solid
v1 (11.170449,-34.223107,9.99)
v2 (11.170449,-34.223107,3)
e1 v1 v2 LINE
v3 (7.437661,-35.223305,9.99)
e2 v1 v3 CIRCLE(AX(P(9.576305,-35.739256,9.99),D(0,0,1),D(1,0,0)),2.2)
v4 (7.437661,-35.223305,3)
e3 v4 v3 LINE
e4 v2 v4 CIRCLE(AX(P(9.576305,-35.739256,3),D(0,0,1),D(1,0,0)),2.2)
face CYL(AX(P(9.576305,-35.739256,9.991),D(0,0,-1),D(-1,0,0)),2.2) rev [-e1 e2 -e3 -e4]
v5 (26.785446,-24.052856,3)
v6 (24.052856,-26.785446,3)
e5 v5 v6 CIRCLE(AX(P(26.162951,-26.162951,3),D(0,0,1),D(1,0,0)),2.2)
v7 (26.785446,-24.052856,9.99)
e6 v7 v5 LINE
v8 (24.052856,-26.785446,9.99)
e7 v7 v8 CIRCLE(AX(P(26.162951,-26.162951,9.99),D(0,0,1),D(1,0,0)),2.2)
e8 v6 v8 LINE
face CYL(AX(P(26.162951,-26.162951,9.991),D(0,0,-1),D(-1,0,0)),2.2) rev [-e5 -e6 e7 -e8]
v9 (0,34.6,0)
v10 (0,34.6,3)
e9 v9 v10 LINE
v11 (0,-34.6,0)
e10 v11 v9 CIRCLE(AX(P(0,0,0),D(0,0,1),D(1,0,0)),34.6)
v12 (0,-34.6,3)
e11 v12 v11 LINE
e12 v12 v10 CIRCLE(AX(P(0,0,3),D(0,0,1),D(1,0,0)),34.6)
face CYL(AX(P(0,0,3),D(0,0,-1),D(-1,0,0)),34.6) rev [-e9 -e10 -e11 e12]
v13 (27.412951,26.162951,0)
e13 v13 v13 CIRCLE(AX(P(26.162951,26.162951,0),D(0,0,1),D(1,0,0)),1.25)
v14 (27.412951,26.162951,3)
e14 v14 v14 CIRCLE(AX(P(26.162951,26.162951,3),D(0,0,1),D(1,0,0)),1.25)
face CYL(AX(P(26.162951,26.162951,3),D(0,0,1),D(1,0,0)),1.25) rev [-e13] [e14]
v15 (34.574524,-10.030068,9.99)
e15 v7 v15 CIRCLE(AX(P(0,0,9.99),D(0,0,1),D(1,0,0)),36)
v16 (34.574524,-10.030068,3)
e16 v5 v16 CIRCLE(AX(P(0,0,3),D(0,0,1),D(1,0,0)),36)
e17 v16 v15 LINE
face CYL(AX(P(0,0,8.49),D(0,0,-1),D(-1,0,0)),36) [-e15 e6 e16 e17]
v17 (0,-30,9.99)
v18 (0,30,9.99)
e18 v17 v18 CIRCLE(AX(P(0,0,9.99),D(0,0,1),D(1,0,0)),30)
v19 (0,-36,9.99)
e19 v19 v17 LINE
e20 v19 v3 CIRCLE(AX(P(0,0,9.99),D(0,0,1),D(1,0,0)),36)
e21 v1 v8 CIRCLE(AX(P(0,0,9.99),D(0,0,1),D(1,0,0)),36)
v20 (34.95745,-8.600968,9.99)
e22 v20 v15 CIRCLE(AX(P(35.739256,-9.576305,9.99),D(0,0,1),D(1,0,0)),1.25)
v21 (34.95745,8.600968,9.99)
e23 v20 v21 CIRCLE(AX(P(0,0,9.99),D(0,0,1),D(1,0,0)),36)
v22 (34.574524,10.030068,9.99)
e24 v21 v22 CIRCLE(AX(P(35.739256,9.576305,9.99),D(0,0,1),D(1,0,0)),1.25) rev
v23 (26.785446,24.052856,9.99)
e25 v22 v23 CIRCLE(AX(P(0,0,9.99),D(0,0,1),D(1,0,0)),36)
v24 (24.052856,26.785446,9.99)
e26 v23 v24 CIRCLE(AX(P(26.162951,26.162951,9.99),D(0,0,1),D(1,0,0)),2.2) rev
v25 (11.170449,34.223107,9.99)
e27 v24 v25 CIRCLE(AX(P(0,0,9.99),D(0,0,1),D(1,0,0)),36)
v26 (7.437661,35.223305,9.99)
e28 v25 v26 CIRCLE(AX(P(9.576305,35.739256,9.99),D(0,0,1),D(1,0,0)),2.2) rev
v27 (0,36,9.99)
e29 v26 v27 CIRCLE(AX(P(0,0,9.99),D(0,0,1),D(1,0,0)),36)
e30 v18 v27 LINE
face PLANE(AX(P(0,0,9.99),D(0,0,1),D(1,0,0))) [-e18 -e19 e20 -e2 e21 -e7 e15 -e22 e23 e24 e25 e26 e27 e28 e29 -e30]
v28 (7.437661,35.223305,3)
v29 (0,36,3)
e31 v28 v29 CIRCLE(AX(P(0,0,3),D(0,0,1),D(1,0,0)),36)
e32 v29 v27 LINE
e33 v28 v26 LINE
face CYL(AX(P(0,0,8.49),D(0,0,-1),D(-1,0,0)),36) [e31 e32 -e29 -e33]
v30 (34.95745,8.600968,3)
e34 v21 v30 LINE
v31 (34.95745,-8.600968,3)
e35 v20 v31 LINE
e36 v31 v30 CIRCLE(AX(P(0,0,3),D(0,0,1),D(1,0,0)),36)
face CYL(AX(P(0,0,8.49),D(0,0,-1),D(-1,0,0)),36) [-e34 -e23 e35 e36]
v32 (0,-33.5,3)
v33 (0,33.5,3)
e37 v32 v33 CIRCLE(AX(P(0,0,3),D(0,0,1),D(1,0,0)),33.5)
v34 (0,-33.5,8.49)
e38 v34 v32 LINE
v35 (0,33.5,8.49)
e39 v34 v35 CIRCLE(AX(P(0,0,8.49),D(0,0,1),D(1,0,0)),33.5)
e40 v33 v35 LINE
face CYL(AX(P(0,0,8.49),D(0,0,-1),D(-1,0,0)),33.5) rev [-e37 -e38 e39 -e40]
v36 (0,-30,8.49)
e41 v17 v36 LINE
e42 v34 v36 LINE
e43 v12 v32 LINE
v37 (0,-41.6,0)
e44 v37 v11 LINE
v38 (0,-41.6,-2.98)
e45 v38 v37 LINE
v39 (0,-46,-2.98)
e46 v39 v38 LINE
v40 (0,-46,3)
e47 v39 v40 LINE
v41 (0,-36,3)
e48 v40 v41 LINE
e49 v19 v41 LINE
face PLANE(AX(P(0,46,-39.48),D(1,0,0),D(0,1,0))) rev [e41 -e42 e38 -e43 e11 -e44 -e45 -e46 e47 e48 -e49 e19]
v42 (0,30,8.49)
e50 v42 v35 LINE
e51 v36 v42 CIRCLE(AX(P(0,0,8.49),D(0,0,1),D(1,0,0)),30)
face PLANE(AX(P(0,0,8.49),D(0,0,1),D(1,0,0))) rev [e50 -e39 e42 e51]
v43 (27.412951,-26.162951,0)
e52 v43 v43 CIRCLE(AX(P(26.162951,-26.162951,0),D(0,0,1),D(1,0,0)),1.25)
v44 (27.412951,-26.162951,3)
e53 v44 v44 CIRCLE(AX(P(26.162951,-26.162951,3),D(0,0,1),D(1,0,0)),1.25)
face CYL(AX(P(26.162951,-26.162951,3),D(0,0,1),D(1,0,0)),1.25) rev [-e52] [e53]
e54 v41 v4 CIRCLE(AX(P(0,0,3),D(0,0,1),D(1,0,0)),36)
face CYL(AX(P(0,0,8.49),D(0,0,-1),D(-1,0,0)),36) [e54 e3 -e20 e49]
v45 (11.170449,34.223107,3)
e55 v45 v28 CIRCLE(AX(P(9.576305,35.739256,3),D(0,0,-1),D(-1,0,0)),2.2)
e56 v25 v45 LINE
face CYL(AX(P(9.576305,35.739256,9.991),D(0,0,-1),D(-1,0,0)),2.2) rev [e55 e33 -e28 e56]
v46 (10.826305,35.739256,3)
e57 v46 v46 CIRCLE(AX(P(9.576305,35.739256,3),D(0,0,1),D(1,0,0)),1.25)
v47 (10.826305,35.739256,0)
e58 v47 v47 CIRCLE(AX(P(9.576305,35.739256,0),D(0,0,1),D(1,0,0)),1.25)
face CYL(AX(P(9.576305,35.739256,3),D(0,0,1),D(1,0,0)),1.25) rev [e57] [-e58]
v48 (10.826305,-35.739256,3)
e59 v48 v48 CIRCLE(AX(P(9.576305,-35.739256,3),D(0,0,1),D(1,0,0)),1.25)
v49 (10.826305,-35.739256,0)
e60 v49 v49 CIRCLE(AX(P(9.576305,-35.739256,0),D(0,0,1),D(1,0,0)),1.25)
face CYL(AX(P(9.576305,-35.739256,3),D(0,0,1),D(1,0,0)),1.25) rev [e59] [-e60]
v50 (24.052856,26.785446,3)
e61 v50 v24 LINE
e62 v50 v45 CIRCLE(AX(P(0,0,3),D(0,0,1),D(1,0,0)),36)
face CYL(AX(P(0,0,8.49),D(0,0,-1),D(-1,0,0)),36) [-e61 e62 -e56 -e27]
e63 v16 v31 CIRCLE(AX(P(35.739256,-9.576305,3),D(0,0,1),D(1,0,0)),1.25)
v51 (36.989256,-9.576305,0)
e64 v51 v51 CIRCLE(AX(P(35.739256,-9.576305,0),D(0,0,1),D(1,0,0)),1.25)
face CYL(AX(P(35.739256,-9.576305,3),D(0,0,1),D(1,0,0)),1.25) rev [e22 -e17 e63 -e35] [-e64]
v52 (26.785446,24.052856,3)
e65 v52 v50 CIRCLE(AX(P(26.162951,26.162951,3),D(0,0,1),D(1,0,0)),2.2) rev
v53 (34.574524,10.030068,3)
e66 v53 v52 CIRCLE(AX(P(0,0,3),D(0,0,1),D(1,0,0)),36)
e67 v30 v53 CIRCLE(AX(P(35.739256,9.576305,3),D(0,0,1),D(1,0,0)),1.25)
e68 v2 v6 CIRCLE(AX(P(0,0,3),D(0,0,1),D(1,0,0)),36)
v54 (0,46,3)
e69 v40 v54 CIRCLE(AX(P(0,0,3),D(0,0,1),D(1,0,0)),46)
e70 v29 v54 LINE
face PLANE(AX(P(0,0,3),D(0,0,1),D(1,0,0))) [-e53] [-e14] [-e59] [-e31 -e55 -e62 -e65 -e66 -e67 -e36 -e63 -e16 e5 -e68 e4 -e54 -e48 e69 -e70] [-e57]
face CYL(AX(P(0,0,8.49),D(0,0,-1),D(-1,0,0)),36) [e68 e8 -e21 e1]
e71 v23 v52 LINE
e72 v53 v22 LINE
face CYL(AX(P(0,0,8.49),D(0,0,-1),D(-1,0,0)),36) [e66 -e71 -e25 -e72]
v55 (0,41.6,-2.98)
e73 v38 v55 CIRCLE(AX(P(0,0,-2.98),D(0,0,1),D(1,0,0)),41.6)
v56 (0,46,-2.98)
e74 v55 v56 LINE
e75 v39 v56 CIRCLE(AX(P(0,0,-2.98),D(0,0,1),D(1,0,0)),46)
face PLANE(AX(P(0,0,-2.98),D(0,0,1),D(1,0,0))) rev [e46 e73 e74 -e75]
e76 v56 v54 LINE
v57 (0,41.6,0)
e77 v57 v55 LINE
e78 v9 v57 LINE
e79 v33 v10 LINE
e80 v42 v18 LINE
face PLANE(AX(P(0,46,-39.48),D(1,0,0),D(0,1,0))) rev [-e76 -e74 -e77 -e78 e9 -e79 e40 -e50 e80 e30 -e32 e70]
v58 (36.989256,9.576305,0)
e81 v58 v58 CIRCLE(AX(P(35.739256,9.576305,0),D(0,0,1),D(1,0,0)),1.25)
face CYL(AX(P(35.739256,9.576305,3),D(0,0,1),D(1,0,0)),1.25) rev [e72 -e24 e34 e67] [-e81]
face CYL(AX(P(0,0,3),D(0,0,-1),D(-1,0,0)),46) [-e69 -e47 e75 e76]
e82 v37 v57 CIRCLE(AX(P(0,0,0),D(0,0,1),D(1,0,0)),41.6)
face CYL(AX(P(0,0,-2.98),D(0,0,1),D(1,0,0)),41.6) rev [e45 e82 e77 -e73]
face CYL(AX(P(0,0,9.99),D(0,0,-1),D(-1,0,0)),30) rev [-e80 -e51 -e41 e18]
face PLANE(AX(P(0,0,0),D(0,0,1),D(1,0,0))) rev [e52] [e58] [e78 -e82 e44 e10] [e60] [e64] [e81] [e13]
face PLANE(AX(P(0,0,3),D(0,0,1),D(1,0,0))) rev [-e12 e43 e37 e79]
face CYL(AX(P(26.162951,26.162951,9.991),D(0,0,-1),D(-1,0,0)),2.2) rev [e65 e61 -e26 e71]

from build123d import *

# Parameters (mm, degrees)
SKETCH_3_R                   = 46
SKETCH_3_R_2                 = 34.6
EXTRUDE_2_DEPTH              = 3
SKETCH_5_R                   = 36
SKETCH_5_R_2                 = 33.5
EXTRUDE_3_DEPTH              = 5.49
SKETCH_2_R                   = 46
SKETCH_2_R_2                 = 41.6
EXTRUDE_1_DEPTH              = 2.98
SKETCH_6_R                   = 36
SKETCH_6_R_2                 = 30
EXTRUDE_4_DEPTH              = 1.5
EXTRUDE_5_DEPTH              = 3
EXTRUDE_5_DEPTH_BACK         = 2.98
SKETCH_12_W                  = 1.25
SKETCH_12_H                  = 5.98
HOLE_WIZARD_M3_1_AT_2_COUNT  = 2
HOLE_WIZARD_M3_1_AT_2_PITCH  = 64.085879878
HOLE_WIZARD_M3_1_AT_3_COUNT  = 2
HOLE_WIZARD_M3_1_AT_3_PITCH  = 71.478511138
HOLE_WIZARD_M3_1_AT_4_COUNT  = 2
HOLE_WIZARD_M3_1_AT_4_PITCH  = 73.999999995
HOLE_WIZARD_M3_1_AT_5_COUNT  = 2
HOLE_WIZARD_M3_1_AT_5_PITCH  = 19.15260934
HOLE_WIZARD_M3_1_AT_6_COUNT  = 2
HOLE_WIZARD_M3_1_AT_6_PITCH  = 36.999999998
HOLE_WIZARD_M3_1_AT_7_COUNT  = 2
HOLE_WIZARD_M3_1_AT_7_PITCH  = 52.325901805
HOLE_WIZARD_M3_1_AT_8_COUNT  = 2
HOLE_WIZARD_M3_1_AT_8_PITCH  = 71.47851114
HOLE_WIZARD_M3_1_AT_9_COUNT  = 2
HOLE_WIZARD_M3_1_AT_9_PITCH  = 64.085879872
HOLE_WIZARD_M3_1_AT_10_COUNT = 2
HOLE_WIZARD_M3_1_AT_10_PITCH = 52.325901805
HOLE_WIZARD_M3_1_AT_11_COUNT = 2
HOLE_WIZARD_M3_1_AT_11_PITCH = 36.999999994
HOLE_WIZARD_M3_1_AT_12_COUNT = 2
HOLE_WIZARD_M3_1_AT_12_PITCH = 19.152609334
CUT_EXTRUDE_1_REACH          = 8.99
SKETCH_13_R                  = 1.25
SKETCH_13_R_2                = 2.2
SKETCH_25_R                  = 3.25
CUT_EXTRUDE_9_DEPTH          = 10
EXTRUDE_7_DEPTH              = 4
EXTRUDE_7_DEPTH_BACK         = 2
FILLET_1_R                   = 5
SKETCH_27_W                  = 100
SKETCH_27_H                  = 92
CUT_EXTRUDE_10_DEPTH         = 10.99
CUT_EXTRUDE_10_DEPTH_BACK    = 40.48


with BuildPart() as part:
    # 草图3 → 凸台-拉伸2 (new body)
    with BuildSketch(Plane.XY):
        Circle(SKETCH_3_R)
        Circle(SKETCH_3_R_2, mode=Mode.SUBTRACT)
    extrude(amount=EXTRUDE_2_DEPTH)

    # 草图5 → 凸台-拉伸3 (add)
    with BuildSketch(Plane.XY.offset(3)):
        Circle(SKETCH_5_R)
        Circle(SKETCH_5_R_2, mode=Mode.SUBTRACT)
    extrude(amount=EXTRUDE_3_DEPTH)

    # 草图2 → 凸台-拉伸1 (add)
    with BuildSketch(Plane.XY):
        Circle(SKETCH_2_R)
        Circle(SKETCH_2_R_2, mode=Mode.SUBTRACT)
    extrude(amount=-EXTRUDE_1_DEPTH)

    # 草图6 → 凸台-拉伸4 (add)
    with BuildSketch(Plane.XY.offset(8.49)):
        Circle(SKETCH_6_R)
        Circle(SKETCH_6_R_2, mode=Mode.SUBTRACT)
    extrude(amount=EXTRUDE_4_DEPTH)

    # 草图8 → 凸台-拉伸5 (add, two sides)
    with BuildSketch(Plane.XY) as extrude_5_sk:
        with BuildLine():
            Line((-50, 20.008021569), (-45.01389718, 20.008021569))
            ThreePointArc((-45.01389718, 20.008021569), (-42.026432396, 20.80859551), (-39.839615313, 22.995761603))
            ThreePointArc((-39.839615313, 22.995761603), (-46, 0), (-39.839615313, -22.995761603))
            ThreePointArc((-39.839615313, -22.995761603), (-42.026432396, -20.80859551), (-45.01389718, -20.008021569))
            Line((-45.01389718, -20.008021569), (-50, -20.008021569))
            Line((-50, -20.008021569), (-50, 20.008021569))
        make_face()
    extrude(amount=EXTRUDE_5_DEPTH)
    extrude(extrude_5_sk.sketch, amount=-EXTRUDE_5_DEPTH_BACK)

    # 草图12 → M3 螺纹孔的螺纹孔钻头1 (revolve, cut)
    with BuildSketch(Plane(origin=(-35.73925557, -9.57630467, 3), x_dir=(0, -1, 0), z_dir=(1, 0, 0))):
        with Locations((0.625, 2.99)):
            Rectangle(SKETCH_12_W, SKETCH_12_H)
    hole_wizard_m3_1 = revolve(axis=Axis((-35.73925557, -9.57630467, 9.35), (0, 0, -1)), mode=Mode.SUBTRACT)

    # M3 螺纹孔的螺纹孔钻头1 at 2: M3 螺纹孔的螺纹孔钻头1 ×2
    with Locations(*[Vector(0.707106781, 0.707106781, 0) * (i * HOLE_WIZARD_M3_1_AT_2_PITCH) for i in range(1, HOLE_WIZARD_M3_1_AT_2_COUNT)]):
        add(hole_wizard_m3_1, mode=Mode.SUBTRACT)

    # M3 螺纹孔的螺纹孔钻头1 at 3: M3 螺纹孔的螺纹孔钻头1 ×2
    with Locations(*[Vector(0.866025404, 0.5, 0) * (i * HOLE_WIZARD_M3_1_AT_3_PITCH) for i in range(1, HOLE_WIZARD_M3_1_AT_3_COUNT)]):
        add(hole_wizard_m3_1, mode=Mode.SUBTRACT)

    # M3 螺纹孔的螺纹孔钻头1 at 4: M3 螺纹孔的螺纹孔钻头1 ×2
    with Locations(*[Vector(0.965925826, 0.258819045, 0) * (i * HOLE_WIZARD_M3_1_AT_4_PITCH) for i in range(1, HOLE_WIZARD_M3_1_AT_4_COUNT)]):
        add(hole_wizard_m3_1, mode=Mode.SUBTRACT)

    # M3 螺纹孔的螺纹孔钻头1 at 5: M3 螺纹孔的螺纹孔钻头1 ×2
    with Locations(*[(0, i * HOLE_WIZARD_M3_1_AT_5_PITCH, 0) for i in range(1, HOLE_WIZARD_M3_1_AT_5_COUNT)]):
        add(hole_wizard_m3_1, mode=Mode.SUBTRACT)

    # M3 螺纹孔的螺纹孔钻头1 at 6: M3 螺纹孔的螺纹孔钻头1 ×2
    with Locations(*[Vector(0.258819045, 0.965925826, 0) * (i * HOLE_WIZARD_M3_1_AT_6_PITCH) for i in range(1, HOLE_WIZARD_M3_1_AT_6_COUNT)]):
        add(hole_wizard_m3_1, mode=Mode.SUBTRACT)

    # M3 螺纹孔的螺纹孔钻头1 at 7: M3 螺纹孔的螺纹孔钻头1 ×2
    with Locations(*[Vector(0.5, 0.866025404, 0) * (i * HOLE_WIZARD_M3_1_AT_7_PITCH) for i in range(1, HOLE_WIZARD_M3_1_AT_7_COUNT)]):
        add(hole_wizard_m3_1, mode=Mode.SUBTRACT)

    # M3 螺纹孔的螺纹孔钻头1 at 8: M3 螺纹孔的螺纹孔钻头1 ×2
    with Locations(*[(i * HOLE_WIZARD_M3_1_AT_8_PITCH, 0, 0) for i in range(1, HOLE_WIZARD_M3_1_AT_8_COUNT)]):
        add(hole_wizard_m3_1, mode=Mode.SUBTRACT)

    # M3 螺纹孔的螺纹孔钻头1 at 9: M3 螺纹孔的螺纹孔钻头1 ×2
    with Locations(*[Vector(0.965925826, -0.258819045, 0) * (i * HOLE_WIZARD_M3_1_AT_9_PITCH) for i in range(1, HOLE_WIZARD_M3_1_AT_9_COUNT)]):
        add(hole_wizard_m3_1, mode=Mode.SUBTRACT)

    # M3 螺纹孔的螺纹孔钻头1 at 10: M3 螺纹孔的螺纹孔钻头1 ×2
    with Locations(*[Vector(0.866025404, -0.5, 0) * (i * HOLE_WIZARD_M3_1_AT_10_PITCH) for i in range(1, HOLE_WIZARD_M3_1_AT_10_COUNT)]):
        add(hole_wizard_m3_1, mode=Mode.SUBTRACT)

    # M3 螺纹孔的螺纹孔钻头1 at 11: M3 螺纹孔的螺纹孔钻头1 ×2
    with Locations(*[Vector(0.707106781, -0.707106781, 0) * (i * HOLE_WIZARD_M3_1_AT_11_PITCH) for i in range(1, HOLE_WIZARD_M3_1_AT_11_COUNT)]):
        add(hole_wizard_m3_1, mode=Mode.SUBTRACT)

    # M3 螺纹孔的螺纹孔钻头1 at 12: M3 螺纹孔的螺纹孔钻头1 ×2
    with Locations(*[Vector(0.5, -0.866025404, 0) * (i * HOLE_WIZARD_M3_1_AT_12_PITCH) for i in range(1, HOLE_WIZARD_M3_1_AT_12_COUNT)]):
        add(hole_wizard_m3_1, mode=Mode.SUBTRACT)

    # 草图13 → 切除-拉伸1 (cut, up to next)
    with BuildSketch(Plane.XY.offset(3), mode=Mode.PRIVATE) as cut_extrude_1_sk1:
        with Locations((-35.73925557, -9.57630467)):
            Circle(SKETCH_13_R)
    cut_extrude_1_tool1 = extrude(cut_extrude_1_sk1.sketch, amount=CUT_EXTRUDE_1_REACH, mode=Mode.PRIVATE) & part.part
    add(cut_extrude_1_tool1.solids().sort_by_distance((-35.739256, -9.576305, 3))[0], mode=Mode.SUBTRACT)
    # 草图13 → 切除-拉伸1 (cut, up to next)
    with BuildSketch(Plane.XY.offset(3), mode=Mode.PRIVATE) as cut_extrude_1_sk2:
        with Locations((-26.1629509, -26.1629509)):
            Circle(SKETCH_13_R_2)
    cut_extrude_1_tool2 = extrude(cut_extrude_1_sk2.sketch, amount=CUT_EXTRUDE_1_REACH, mode=Mode.PRIVATE) & part.part
    add(cut_extrude_1_tool2.solids().sort_by_distance((-26.162951, -26.162951, 3))[0], mode=Mode.SUBTRACT)
    # 草图13 → 切除-拉伸1 (cut, up to next)
    with BuildSketch(Plane.XY.offset(3), mode=Mode.PRIVATE) as cut_extrude_1_sk3:
        with Locations((-35.73925557, 9.57630467)):
            Circle(SKETCH_13_R)
    cut_extrude_1_tool3 = extrude(cut_extrude_1_sk3.sketch, amount=CUT_EXTRUDE_1_REACH, mode=Mode.PRIVATE) & part.part
    add(cut_extrude_1_tool3.solids().sort_by_distance((-35.739256, 9.576305, 3))[0], mode=Mode.SUBTRACT)
    # 草图13 → 切除-拉伸1 (cut, up to next)
    with BuildSketch(Plane.XY.offset(3), mode=Mode.PRIVATE) as cut_extrude_1_sk4:
        with Locations((-26.1629509, 26.1629509)):
            Circle(SKETCH_13_R_2)
    cut_extrude_1_tool4 = extrude(cut_extrude_1_sk4.sketch, amount=CUT_EXTRUDE_1_REACH, mode=Mode.PRIVATE) & part.part
    add(cut_extrude_1_tool4.solids().sort_by_distance((-26.162951, 26.162951, 3))[0], mode=Mode.SUBTRACT)
    # 草图13 → 切除-拉伸1 (cut, up to next)
    with BuildSketch(Plane.XY.offset(3), mode=Mode.PRIVATE) as cut_extrude_1_sk5:
        with Locations((-9.57630467, 35.73925557)):
            Circle(SKETCH_13_R_2)
    cut_extrude_1_tool5 = extrude(cut_extrude_1_sk5.sketch, amount=CUT_EXTRUDE_1_REACH, mode=Mode.PRIVATE) & part.part
    add(cut_extrude_1_tool5.solids().sort_by_distance((-9.576305, 35.739256, 3))[0], mode=Mode.SUBTRACT)
    # 草图13 → 切除-拉伸1 (cut, up to next)
    with BuildSketch(Plane.XY.offset(3), mode=Mode.PRIVATE) as cut_extrude_1_sk6:
        with Locations((26.1629509, 26.1629509)):
            Circle(SKETCH_13_R_2)
    cut_extrude_1_tool6 = extrude(cut_extrude_1_sk6.sketch, amount=CUT_EXTRUDE_1_REACH, mode=Mode.PRIVATE) & part.part
    add(cut_extrude_1_tool6.solids().sort_by_distance((26.162951, 26.162951, 3))[0], mode=Mode.SUBTRACT)
    # 草图13 → 切除-拉伸1 (cut, up to next)
    with BuildSketch(Plane.XY.offset(3), mode=Mode.PRIVATE) as cut_extrude_1_sk7:
        with Locations((35.73925557, 9.57630467)):
            Circle(SKETCH_13_R)
    cut_extrude_1_tool7 = extrude(cut_extrude_1_sk7.sketch, amount=CUT_EXTRUDE_1_REACH, mode=Mode.PRIVATE) & part.part
    add(cut_extrude_1_tool7.solids().sort_by_distance((35.739256, 9.576305, 3))[0], mode=Mode.SUBTRACT)
    # 草图13 → 切除-拉伸1 (cut, up to next)
    with BuildSketch(Plane.XY.offset(3), mode=Mode.PRIVATE) as cut_extrude_1_sk8:
        with Locations((35.73925557, -9.57630467)):
            Circle(SKETCH_13_R)
    cut_extrude_1_tool8 = extrude(cut_extrude_1_sk8.sketch, amount=CUT_EXTRUDE_1_REACH, mode=Mode.PRIVATE) & part.part
    add(cut_extrude_1_tool8.solids().sort_by_distance((35.739256, -9.576305, 3))[0], mode=Mode.SUBTRACT)
    # 草图13 → 切除-拉伸1 (cut, up to next)
    with BuildSketch(Plane.XY.offset(3), mode=Mode.PRIVATE) as cut_extrude_1_sk9:
        with Locations((9.57630467, -35.73925557)):
            Circle(SKETCH_13_R_2)
    cut_extrude_1_tool9 = extrude(cut_extrude_1_sk9.sketch, amount=CUT_EXTRUDE_1_REACH, mode=Mode.PRIVATE) & part.part
    add(cut_extrude_1_tool9.solids().sort_by_distance((9.576305, -35.739256, 3))[0], mode=Mode.SUBTRACT)
    # 草图13 → 切除-拉伸1 (cut, up to next)
    with BuildSketch(Plane.XY.offset(3), mode=Mode.PRIVATE) as cut_extrude_1_sk10:
        with Locations((-9.57630467, -35.73925557)):
            Circle(SKETCH_13_R_2)
    cut_extrude_1_tool10 = extrude(cut_extrude_1_sk10.sketch, amount=CUT_EXTRUDE_1_REACH, mode=Mode.PRIVATE) & part.part
    add(cut_extrude_1_tool10.solids().sort_by_distance((-9.576305, -35.739256, 3))[0], mode=Mode.SUBTRACT)
    # 草图13 → 切除-拉伸1 (cut, up to next)
    with BuildSketch(Plane.XY.offset(3), mode=Mode.PRIVATE) as cut_extrude_1_sk11:
        with Locations((9.57630467, 35.73925557)):
            Circle(SKETCH_13_R_2)
    cut_extrude_1_tool11 = extrude(cut_extrude_1_sk11.sketch, amount=CUT_EXTRUDE_1_REACH, mode=Mode.PRIVATE) & part.part
    add(cut_extrude_1_tool11.solids().sort_by_distance((9.576305, 35.739256, 3))[0], mode=Mode.SUBTRACT)
    # 草图13 → 切除-拉伸1 (cut, up to next)
    with BuildSketch(Plane.XY.offset(3), mode=Mode.PRIVATE) as cut_extrude_1_sk12:
        with Locations((26.1629509, -26.1629509)):
            Circle(SKETCH_13_R_2)
    cut_extrude_1_tool12 = extrude(cut_extrude_1_sk12.sketch, amount=CUT_EXTRUDE_1_REACH, mode=Mode.PRIVATE) & part.part
    add(cut_extrude_1_tool12.solids().sort_by_distance((26.162951, -26.162951, 3))[0], mode=Mode.SUBTRACT)

    # 草图25 → 切除-拉伸9 (cut)
    with BuildSketch(Plane.XY.offset(3)):
        with Locations((-9.57630467, 35.73925557)):
            Circle(SKETCH_25_R)
        with Locations((-26.1629509, 26.1629509)):
            Circle(SKETCH_25_R)
        with Locations((-35.73925557, 9.57630467)):
            Circle(SKETCH_25_R)
        with Locations((-35.73925557, -9.57630467)):
            Circle(SKETCH_25_R)
        with Locations((-26.1629509, -26.1629509)):
            Circle(SKETCH_25_R)
        with Locations((-9.57630467, -35.73925557)):
            Circle(SKETCH_25_R)
    extrude(amount=CUT_EXTRUDE_9_DEPTH, mode=Mode.SUBTRACT)

    # 草图26 → 凸台-拉伸7 (add, two sides)
    with BuildSketch(Plane.ZY.offset(50)) as extrude_7_sk:
        with BuildLine():
            ThreePointArc((-12.98, 26.5), (-39.48, 0), (-12.98, -26.5))
            ThreePointArc((-12.98, -26.5), (-9.999377331, -25.617338519), (-7.98, -23.254010785))
            ThreePointArc((-7.98, -23.254010785), (-5.960622669, -20.89068305), (-2.98, -20.008021569))
            Line((-2.98, -20.008021569), (3, -20.008021569))
            Line((3, -20.008021569), (3, 20.008021569))
            Line((3, 20.008021569), (-2.98, 20.008021569))
            ThreePointArc((-2.98, 20.008021569), (-5.960622669, 20.89068305), (-7.98, 23.254010785))
            ThreePointArc((-7.98, 23.254010785), (-9.999377331, 25.617338519), (-12.98, 26.5))
        make_face()
    extrude(amount=EXTRUDE_7_DEPTH)
    extrude(extrude_7_sk.sketch, amount=-EXTRUDE_7_DEPTH_BACK)

    # 圆角1
    fillet_1_edges = [part.edges().sort_by_distance(p)[0] for p in [
        (-54, 0, 3),
    ]]
    fillet(fillet_1_edges, radius=FILLET_1_R)

    # 草图27 → 切除-拉伸10 (cut, two sides)
    with BuildSketch(Plane.XY) as cut_extrude_10_sk:
        with Locations((-50, 0)):
            Rectangle(SKETCH_27_W, SKETCH_27_H)
    extrude(amount=CUT_EXTRUDE_10_DEPTH, mode=Mode.SUBTRACT)
    extrude(cut_extrude_10_sk.sketch, amount=-CUT_EXTRUDE_10_DEPTH_BACK, mode=Mode.SUBTRACT)


solid = part.part
